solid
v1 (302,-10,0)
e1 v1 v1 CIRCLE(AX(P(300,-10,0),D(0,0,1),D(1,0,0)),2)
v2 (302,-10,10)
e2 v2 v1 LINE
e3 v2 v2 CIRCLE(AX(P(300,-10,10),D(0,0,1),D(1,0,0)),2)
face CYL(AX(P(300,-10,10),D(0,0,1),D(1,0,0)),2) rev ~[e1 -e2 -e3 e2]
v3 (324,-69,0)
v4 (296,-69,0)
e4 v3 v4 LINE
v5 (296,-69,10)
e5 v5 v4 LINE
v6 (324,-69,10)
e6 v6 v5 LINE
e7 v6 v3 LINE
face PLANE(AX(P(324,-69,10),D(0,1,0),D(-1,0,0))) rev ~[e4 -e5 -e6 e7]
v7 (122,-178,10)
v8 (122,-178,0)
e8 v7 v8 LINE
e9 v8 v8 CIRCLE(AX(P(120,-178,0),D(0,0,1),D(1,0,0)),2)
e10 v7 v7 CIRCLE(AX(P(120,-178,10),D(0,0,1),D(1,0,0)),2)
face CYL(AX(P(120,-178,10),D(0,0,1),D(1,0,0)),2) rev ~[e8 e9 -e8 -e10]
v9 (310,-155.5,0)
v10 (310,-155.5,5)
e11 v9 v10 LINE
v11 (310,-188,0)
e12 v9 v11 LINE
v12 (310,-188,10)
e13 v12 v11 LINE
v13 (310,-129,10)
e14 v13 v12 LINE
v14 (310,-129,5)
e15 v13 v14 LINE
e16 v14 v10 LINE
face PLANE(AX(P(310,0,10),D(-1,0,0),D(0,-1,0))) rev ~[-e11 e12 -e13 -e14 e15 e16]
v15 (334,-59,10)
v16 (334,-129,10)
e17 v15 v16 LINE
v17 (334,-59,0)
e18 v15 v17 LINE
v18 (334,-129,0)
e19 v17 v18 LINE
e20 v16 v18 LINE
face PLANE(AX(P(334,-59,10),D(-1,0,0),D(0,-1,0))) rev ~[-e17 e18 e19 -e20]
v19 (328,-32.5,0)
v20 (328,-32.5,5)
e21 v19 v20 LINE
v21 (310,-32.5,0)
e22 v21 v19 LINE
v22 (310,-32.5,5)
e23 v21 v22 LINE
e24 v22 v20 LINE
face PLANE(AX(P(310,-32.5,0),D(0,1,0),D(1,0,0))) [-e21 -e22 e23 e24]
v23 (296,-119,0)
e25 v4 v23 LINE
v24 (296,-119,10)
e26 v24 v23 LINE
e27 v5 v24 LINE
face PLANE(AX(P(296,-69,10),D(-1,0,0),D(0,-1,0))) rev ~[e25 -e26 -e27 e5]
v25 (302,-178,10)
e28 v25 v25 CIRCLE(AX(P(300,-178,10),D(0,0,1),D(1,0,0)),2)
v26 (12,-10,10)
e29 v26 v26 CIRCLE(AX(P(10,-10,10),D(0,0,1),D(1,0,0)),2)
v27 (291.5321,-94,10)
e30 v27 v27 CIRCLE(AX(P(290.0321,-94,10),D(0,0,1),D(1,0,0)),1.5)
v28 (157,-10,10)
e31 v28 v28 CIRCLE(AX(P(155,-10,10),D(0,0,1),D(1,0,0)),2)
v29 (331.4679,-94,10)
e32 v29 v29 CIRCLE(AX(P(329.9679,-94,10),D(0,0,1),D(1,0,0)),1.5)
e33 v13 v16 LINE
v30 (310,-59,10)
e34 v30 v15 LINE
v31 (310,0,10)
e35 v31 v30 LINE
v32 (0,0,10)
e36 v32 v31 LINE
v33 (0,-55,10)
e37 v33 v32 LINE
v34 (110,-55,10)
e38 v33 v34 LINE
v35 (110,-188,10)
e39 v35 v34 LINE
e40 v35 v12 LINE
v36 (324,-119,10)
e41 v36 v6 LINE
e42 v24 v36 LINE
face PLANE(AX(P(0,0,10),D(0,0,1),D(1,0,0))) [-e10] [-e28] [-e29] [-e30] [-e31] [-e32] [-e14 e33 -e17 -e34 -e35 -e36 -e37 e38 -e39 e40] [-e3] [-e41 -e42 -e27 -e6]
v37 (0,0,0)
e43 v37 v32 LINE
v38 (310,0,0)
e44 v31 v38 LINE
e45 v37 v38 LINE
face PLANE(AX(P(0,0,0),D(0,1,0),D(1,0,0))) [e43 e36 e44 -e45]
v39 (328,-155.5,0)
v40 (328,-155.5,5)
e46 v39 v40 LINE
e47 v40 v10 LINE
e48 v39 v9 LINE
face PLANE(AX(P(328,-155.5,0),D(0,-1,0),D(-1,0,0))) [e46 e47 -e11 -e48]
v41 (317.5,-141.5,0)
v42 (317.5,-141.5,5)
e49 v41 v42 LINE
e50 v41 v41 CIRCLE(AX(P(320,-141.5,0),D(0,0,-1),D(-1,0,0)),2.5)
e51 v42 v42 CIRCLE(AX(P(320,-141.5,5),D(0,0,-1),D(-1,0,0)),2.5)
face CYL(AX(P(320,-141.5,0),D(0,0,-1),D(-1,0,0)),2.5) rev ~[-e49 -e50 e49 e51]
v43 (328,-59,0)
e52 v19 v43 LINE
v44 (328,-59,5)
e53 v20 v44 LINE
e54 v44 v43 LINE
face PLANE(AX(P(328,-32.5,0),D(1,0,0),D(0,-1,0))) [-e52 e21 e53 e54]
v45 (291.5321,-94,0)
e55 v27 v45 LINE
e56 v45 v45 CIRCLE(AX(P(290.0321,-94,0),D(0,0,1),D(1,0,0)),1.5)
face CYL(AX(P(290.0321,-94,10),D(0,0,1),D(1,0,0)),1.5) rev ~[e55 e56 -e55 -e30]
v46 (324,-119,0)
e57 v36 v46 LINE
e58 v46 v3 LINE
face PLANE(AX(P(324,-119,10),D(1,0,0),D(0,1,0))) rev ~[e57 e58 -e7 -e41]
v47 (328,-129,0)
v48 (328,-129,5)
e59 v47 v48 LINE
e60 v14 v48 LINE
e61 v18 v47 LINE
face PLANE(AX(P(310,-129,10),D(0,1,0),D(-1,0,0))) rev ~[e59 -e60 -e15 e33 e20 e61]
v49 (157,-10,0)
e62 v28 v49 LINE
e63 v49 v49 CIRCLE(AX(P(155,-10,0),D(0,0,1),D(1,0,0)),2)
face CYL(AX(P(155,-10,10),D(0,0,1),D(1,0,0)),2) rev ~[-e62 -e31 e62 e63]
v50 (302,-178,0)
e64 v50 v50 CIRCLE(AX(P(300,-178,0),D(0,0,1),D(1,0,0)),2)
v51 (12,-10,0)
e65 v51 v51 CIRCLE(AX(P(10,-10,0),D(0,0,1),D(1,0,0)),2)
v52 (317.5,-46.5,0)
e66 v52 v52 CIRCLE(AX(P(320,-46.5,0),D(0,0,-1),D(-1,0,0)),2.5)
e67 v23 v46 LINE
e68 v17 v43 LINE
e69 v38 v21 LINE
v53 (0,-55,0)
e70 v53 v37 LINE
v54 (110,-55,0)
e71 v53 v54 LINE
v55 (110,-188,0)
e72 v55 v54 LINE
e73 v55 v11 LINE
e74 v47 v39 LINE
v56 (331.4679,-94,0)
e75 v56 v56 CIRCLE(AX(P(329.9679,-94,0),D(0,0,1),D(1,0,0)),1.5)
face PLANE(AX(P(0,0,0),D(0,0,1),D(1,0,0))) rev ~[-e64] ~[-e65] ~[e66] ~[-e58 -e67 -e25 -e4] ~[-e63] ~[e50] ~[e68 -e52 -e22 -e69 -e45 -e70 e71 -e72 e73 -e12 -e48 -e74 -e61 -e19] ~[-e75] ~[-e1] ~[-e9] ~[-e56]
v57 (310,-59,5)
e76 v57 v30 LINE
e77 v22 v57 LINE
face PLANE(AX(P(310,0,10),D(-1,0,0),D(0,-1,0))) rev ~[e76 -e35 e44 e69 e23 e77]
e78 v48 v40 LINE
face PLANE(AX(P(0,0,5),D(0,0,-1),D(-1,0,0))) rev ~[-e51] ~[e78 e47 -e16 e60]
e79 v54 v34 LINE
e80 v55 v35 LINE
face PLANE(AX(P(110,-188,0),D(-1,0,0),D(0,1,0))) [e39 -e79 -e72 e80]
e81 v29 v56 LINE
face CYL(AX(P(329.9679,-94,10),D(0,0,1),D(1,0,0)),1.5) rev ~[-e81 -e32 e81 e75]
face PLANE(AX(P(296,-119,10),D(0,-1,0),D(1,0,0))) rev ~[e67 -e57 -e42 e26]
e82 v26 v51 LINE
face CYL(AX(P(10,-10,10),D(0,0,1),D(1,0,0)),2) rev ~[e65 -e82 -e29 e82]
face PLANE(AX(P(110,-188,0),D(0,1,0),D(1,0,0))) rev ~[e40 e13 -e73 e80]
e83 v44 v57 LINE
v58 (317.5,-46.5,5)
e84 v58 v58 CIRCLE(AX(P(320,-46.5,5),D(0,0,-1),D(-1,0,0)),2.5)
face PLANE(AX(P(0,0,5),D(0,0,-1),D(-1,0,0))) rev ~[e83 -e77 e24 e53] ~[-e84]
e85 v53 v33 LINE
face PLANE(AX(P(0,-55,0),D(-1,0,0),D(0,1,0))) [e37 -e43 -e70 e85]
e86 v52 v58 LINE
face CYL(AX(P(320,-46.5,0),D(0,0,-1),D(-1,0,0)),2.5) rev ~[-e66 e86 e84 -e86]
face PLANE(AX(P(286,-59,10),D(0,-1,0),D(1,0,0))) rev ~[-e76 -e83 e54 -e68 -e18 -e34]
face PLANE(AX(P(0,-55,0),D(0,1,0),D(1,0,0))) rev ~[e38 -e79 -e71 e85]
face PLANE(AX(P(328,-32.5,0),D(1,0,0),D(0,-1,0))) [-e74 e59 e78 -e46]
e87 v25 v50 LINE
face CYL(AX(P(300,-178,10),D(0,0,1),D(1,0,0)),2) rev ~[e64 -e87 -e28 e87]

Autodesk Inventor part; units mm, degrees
ref_plane "YZ Plane" through (0, 0, 0) normal (1, 0, 0) x (0, 1, 0)
ref_plane "XZ Plane" through (0, 0, 0) normal (0, 1, 0) x (-1, 0, 0)
ref_plane "XY Plane" through (0, 0, 0) normal (0, 0, 1) x (1, 0, 0)
sketch "Sketch1" plane through (0, 0, 0) normal (0, 0, 1) x (1, 0, 0)
  line L0 (0, 0) -> (620, 0)
  line L1 (110, -188) -> (510, -188)
  line L2 (510, -188) -> (510, -55)
  line L3 (510, -55) -> (620, -55)
  line L4 (620, -55) -> (620, 0)
  line L5 (110, -188) -> (110, -55)
  line L6 (0, -55) -> (0, 0)
  line L7 (0, -55) -> (110, -55)
  point P0 (310, -188)
  point P1 (310, 0)
  dimension "d0" = 620
  dimension "d1" = 188
  dimension "d2" = 400
  dimension "d3" = 133
extrude "Extrusion1" add sketch "Sketch1" along normal blind 10
sketch "Sketch2" plane through (0, 0, 10) normal (0, 0, 1) x (1, 0, 0)
  line L0 (620, 0) -> (0, 0) projected
  line L1 (510, -188) -> (110, -188) projected
  line L2 (620, 0) -> (310, 0)
  line L3 (310, 0) -> (310, -188)
  line L4 (310, -188) -> (620, -188)
  line L5 (620, -188) -> (620, 0)
extrude "Extrusion2" cut sketch "Sketch2" against normal through all
sketch "Sketch3" plane through (0, 0, 10) normal (0, 0, 1) x (1, 0, 0)
  circle A0 centre (10, -10) radius 2
  line L0 (310, 0) -> (0, 0) projected
  line L1 (0, 0) -> (0, -55) projected
  circle A1 centre (155, -10) radius 2
  circle A2 centre (300, -10) radius 2
  line L2 (310, -188) -> (310, 0) projected
  line L3 (10, -10) -> (300, -10) construction
  circle A3 centre (120, -178) radius 2
  line L4 (110, -55) -> (110, -188) projected
  line L5 (110, -188) -> (310, -188) projected
  circle A4 centre (300, -178) radius 2
  dimension "d8" = 4
  dimension "d9" = 10
  dimension "d10" = 10
  dimension "d11" = 4
  dimension "d12" = 4
  dimension "d13" = 10
  dimension "d14" = 4
  dimension "d15" = 10
  dimension "d16" = 10
  dimension "d17" = 4
  dimension "d18" = 10
  dimension "d19" = 10
extrude "Extrusion3" cut sketch "Sketch3" against normal through all
sketch "Sketch4" plane through (0, 0, 0) normal (0, 0, -1) x (-1, 0, 0)
  line L0 (-310, 0) -> (-310, -188) projected
  line L1 (-310, -32.5) -> (-328, -32.5)
  line L2 (-328, -32.5) -> (-328, -155.5)
  line L3 (-328, -155.5) -> (-310, -155.5)
  line L4 (-310, -155.5) -> (-310, -32.5)
  circle A0 centre (-320, -46.5) radius 2.5
  circle A1 centre (-320, -141.5) radius 2.5
  line L5 (-320, -46.5) -> (-320, -141.5) construction
  point P0 (0, 0)
  point P1 (-310, -94)
  point P2 (-320, -94)
  dimension "d22" = 18
  dimension "d23" = 123
  dimension "d24" = 5
  dimension "d25" = 5
  dimension "d26" = 10
  dimension "d27" = 95
extrude "Extrusion4" add sketch "Sketch4" against normal blind 5
sketch "Sketch6" plane through (0, 0, 10) normal (0, 0, 1) x (1, 0, 0)
  line L0 (286, -59) -> (334, -59)
  line L1 (334, -59) -> (334, -129)
  line L2 (334, -129) -> (286, -129)
  line L3 (286, -129) -> (286, -59)
  line L4 (310, -188) -> (310, 0) projected
  point P0 (0, 0)
  point P1 (310, -94)
  point P2 (310, -94)
  point P3 (286, -94)
  point P4 (310, -94)
  point P5 (310, -59)
  dimension "d42" = 48
  dimension "d43" = 70
extrude "Extrusion6" add sketch "Sketch6" against normal blind 10
sketch "Sketch7" plane through (0, 0, 10) normal (0, 0, 1) x (1, 0, 0)
  line L0 (324, -69) -> (296, -69)
  line L1 (296, -69) -> (296, -119)
  line L2 (296, -119) -> (324, -119)
  line L3 (324, -119) -> (324, -69)
  line L4 (310, -59) -> (310, 0) projected
  line L5 (334, -59) -> (334, -129) projected
  line L6 (290.0321, -94) -> (329.9679, -94) construction
  circle A0 centre (329.9679, -94) radius 1.5
  circle A1 centre (290.0321, -94) radius 1.5
  point P0 (0, 0)
  point P1 (324, -94)
  point P2 (334, -94)
  point P3 (310, -69)
  point P4 (310, -94)
  dimension "d46" = 28
  dimension "d47" = 50
  dimension "d50" = 39.9357
  dimension "d51" = 3
  dimension "d52" = 3
extrude "Extrusion7" cut sketch "Sketch7" against normal through all
properties part number "SP001b" material "ABS Plastic"
